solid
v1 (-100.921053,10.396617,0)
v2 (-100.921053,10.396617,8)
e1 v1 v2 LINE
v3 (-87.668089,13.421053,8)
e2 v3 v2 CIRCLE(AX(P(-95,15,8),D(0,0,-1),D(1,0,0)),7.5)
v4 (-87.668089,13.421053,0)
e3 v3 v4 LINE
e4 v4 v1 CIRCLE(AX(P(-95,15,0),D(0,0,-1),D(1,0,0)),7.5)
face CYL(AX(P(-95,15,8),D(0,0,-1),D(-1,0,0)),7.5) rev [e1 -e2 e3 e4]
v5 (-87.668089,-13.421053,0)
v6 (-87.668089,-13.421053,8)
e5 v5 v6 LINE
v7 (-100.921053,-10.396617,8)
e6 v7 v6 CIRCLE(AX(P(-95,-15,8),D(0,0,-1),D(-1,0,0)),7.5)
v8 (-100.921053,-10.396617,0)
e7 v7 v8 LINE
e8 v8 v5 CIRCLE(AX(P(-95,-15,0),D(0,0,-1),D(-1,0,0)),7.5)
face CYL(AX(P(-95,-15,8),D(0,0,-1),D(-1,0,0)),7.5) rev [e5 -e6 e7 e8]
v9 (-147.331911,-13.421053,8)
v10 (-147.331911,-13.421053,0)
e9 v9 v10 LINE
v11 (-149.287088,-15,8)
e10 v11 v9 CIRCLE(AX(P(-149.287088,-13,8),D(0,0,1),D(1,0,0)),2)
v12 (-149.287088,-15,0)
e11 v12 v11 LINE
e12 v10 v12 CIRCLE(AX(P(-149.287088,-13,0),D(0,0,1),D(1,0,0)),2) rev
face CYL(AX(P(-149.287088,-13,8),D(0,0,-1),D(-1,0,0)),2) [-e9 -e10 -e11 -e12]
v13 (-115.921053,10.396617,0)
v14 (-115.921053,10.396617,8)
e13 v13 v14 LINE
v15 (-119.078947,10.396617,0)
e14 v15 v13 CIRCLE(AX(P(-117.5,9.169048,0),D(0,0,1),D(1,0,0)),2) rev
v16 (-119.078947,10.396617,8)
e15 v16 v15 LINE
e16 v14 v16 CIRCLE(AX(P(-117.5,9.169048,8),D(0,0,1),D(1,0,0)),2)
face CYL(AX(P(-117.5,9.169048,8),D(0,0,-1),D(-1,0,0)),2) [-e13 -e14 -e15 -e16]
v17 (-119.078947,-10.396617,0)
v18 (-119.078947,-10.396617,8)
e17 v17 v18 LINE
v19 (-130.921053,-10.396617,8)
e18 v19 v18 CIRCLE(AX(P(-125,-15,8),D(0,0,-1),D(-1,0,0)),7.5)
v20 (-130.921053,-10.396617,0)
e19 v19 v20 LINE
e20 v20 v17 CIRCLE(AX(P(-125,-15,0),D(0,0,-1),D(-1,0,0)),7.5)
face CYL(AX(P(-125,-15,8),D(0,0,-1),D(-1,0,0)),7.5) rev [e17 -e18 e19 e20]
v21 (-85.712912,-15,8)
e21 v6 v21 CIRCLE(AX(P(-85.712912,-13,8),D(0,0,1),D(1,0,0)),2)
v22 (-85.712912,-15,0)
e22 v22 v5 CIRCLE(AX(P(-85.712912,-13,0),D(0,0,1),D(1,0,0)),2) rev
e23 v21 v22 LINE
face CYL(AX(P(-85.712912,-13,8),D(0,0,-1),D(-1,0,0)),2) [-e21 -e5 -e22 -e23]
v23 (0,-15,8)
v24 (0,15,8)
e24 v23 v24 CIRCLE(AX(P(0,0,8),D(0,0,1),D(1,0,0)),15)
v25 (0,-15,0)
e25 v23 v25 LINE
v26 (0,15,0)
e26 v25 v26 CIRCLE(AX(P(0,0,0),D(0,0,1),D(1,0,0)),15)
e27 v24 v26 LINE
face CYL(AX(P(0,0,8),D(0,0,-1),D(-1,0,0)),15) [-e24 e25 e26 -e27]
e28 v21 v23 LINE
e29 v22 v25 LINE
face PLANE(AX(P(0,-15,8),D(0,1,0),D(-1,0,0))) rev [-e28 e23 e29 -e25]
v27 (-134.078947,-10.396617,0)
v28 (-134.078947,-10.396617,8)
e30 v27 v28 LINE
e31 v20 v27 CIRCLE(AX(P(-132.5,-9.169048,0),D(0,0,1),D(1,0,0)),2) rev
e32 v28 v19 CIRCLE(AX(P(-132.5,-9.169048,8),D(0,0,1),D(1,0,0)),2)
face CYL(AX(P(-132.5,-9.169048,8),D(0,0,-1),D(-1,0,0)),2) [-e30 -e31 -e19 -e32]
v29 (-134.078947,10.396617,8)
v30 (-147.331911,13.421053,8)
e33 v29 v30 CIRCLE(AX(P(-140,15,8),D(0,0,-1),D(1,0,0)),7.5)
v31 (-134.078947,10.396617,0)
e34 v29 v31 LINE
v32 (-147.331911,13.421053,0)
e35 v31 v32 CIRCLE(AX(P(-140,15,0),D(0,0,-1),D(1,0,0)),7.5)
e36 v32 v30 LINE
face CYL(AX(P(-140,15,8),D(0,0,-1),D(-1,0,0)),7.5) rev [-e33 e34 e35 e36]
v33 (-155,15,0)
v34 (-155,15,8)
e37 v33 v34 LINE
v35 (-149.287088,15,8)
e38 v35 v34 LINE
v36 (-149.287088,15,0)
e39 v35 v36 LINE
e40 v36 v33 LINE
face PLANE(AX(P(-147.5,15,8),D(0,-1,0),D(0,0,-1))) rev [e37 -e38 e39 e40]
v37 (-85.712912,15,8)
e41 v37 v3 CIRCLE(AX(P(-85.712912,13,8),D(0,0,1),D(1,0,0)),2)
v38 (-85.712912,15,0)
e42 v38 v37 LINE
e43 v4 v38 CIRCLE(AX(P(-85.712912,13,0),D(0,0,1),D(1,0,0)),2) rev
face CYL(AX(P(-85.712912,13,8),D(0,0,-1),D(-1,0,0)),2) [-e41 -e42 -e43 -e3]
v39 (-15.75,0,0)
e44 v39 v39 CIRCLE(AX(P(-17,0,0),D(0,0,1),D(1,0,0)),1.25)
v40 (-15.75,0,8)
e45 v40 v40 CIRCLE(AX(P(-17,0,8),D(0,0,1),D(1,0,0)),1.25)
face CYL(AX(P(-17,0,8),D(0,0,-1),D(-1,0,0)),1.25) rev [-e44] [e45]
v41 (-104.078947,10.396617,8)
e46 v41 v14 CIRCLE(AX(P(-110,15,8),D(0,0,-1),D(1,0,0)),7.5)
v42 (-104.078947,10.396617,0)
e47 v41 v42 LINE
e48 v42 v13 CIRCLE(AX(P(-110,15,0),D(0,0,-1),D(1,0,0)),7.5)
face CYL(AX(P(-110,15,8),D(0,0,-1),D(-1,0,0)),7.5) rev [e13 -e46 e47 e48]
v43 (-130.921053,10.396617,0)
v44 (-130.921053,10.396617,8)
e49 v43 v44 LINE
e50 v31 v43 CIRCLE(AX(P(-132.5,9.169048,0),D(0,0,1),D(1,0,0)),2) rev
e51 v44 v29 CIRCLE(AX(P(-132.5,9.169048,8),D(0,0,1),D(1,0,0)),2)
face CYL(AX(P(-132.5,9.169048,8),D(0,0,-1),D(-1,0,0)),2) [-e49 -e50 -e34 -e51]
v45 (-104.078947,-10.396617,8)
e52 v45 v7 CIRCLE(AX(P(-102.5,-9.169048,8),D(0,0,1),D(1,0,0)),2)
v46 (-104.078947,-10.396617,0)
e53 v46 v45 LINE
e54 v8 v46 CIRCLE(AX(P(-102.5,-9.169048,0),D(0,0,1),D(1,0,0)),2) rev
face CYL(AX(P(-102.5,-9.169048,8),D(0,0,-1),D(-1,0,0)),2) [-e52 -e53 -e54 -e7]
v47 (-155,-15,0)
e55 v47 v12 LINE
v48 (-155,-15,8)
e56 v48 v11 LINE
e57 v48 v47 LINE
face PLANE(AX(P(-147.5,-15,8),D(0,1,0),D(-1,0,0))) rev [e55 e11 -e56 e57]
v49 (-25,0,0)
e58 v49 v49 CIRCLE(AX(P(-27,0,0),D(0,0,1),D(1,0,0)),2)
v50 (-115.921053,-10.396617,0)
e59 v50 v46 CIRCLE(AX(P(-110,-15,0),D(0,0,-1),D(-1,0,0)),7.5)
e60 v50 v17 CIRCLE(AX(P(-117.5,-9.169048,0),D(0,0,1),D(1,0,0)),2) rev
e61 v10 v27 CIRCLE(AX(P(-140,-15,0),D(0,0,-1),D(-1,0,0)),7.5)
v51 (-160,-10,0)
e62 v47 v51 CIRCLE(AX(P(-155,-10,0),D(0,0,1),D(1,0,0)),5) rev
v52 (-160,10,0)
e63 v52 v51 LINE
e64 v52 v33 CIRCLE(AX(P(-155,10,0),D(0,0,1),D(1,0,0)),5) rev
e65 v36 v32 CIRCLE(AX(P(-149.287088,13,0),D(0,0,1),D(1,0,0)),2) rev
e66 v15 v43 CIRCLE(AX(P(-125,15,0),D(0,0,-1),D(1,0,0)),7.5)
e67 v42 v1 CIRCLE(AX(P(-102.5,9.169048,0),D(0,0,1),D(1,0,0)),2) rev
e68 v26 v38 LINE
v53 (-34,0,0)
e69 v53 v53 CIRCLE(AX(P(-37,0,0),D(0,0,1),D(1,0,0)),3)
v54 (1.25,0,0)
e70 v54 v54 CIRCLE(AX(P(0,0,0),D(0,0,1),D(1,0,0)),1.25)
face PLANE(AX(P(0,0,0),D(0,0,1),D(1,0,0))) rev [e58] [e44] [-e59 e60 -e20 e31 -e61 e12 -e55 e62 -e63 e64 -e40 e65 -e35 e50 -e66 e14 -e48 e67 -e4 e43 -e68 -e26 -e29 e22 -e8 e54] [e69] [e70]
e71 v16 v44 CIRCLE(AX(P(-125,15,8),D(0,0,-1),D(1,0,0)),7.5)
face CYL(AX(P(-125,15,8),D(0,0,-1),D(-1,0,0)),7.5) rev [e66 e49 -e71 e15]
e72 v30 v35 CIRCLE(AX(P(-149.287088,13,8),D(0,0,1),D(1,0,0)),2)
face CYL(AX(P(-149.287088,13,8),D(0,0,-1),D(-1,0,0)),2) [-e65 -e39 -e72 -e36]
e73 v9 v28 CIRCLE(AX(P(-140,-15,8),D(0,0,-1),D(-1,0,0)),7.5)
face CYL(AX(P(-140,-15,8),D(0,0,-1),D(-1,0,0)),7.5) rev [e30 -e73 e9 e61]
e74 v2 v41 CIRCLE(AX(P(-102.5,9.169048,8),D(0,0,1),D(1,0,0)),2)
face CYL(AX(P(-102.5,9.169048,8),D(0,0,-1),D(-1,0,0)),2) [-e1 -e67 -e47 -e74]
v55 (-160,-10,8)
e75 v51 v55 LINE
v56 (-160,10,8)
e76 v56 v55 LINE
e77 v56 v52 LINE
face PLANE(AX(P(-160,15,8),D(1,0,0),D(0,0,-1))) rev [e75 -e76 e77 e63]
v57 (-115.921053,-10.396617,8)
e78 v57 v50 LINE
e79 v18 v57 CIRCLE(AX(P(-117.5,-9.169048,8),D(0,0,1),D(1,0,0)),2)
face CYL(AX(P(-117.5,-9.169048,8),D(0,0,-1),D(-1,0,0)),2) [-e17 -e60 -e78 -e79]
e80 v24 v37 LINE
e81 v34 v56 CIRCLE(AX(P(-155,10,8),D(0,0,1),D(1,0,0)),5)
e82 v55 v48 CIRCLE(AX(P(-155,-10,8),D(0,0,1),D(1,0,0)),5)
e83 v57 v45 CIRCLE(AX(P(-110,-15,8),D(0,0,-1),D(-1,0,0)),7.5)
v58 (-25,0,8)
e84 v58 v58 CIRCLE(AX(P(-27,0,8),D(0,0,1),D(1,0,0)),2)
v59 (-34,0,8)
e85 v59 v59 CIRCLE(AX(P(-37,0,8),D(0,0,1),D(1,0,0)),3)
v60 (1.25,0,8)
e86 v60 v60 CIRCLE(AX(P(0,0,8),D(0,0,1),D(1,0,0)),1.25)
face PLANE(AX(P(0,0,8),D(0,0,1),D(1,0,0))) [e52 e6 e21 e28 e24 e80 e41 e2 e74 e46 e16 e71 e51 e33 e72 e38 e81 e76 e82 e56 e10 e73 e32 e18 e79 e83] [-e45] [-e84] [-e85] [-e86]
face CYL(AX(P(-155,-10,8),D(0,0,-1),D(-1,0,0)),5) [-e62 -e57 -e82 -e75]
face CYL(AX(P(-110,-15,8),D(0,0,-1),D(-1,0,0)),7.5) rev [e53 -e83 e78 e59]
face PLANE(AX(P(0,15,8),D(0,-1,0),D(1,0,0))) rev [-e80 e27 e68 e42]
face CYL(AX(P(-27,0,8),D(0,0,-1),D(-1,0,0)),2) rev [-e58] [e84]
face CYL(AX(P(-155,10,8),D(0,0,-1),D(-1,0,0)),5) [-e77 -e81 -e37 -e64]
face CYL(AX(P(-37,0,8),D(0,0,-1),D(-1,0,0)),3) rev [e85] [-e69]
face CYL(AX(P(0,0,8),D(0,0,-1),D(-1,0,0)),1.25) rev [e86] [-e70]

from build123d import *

# Parameters (mm, degrees)
SKETCH1_R           = 1.25
SKETCH1_R_2         = 3
SKETCH1_R_3         = 2
BOSS_EXTRUDE1_DEPTH = 8
FILLET1_R           = 5
FILLET2_R           = 2


with BuildPart() as part:
    # Sketch1 → Boss-Extrude1 (new body)
    with BuildSketch(Plane.XY):
        with BuildLine():
            Line((0, 15), (-87.5, 15))
            ThreePointArc((-87.5, 15), (-95, 7.5), (-102.5, 15))
            ThreePointArc((-102.5, 15), (-110, 7.5), (-117.5, 15))
            ThreePointArc((-117.5, 15), (-125, 7.5), (-132.5, 15))
            ThreePointArc((-132.5, 15), (-140, 7.5), (-147.5, 15))
            Line((-147.5, 15), (-160, 15))
            Line((-160, 15), (-160, -15))
            Line((-160, -15), (-147.5, -15))
            ThreePointArc((-147.5, -15), (-140, -7.5), (-132.5, -15))
            ThreePointArc((-132.5, -15), (-125, -7.5), (-117.5, -15))
            ThreePointArc((-117.5, -15), (-110, -7.5), (-102.5, -15))
            ThreePointArc((-102.5, -15), (-95, -7.5), (-87.5, -15))
            Line((-87.5, -15), (0, -15))
            ThreePointArc((0, -15), (15, 0), (0, 15))
        make_face()
        Circle(SKETCH1_R, mode=Mode.SUBTRACT)
        with Locations((-17, 0)):
            Circle(SKETCH1_R, mode=Mode.SUBTRACT)
        with Locations((-37, 0)):
            Circle(SKETCH1_R_2, mode=Mode.SUBTRACT)
        with Locations((-27, 0)):
            Circle(SKETCH1_R_3, mode=Mode.SUBTRACT)
    extrude(amount=BOSS_EXTRUDE1_DEPTH)

    # Fillet1
    fillet1_edges = [part.edges().sort_by_distance(p)[0] for p in [
        (-160, -15, 4),
        (-160, 15, 4),
    ]]
    fillet(fillet1_edges, radius=FILLET1_R)

    # Fillet2
    fillet2_edges = [part.edges().sort_by_distance(p)[0] for p in [
        (-87.5, -15, 4),
        (-102.5, -15, 4),
        (-117.5, -15, 4),
        (-132.5, -15, 4),
        (-147.5, -15, 4),
        (-147.5, 15, 4),
        (-132.5, 15, 4),
        (-117.5, 15, 4),
        (-102.5, 15, 4),
        (-87.5, 15, 4),
    ]]
    fillet(fillet2_edges, radius=FILLET2_R)


solid = part.part
